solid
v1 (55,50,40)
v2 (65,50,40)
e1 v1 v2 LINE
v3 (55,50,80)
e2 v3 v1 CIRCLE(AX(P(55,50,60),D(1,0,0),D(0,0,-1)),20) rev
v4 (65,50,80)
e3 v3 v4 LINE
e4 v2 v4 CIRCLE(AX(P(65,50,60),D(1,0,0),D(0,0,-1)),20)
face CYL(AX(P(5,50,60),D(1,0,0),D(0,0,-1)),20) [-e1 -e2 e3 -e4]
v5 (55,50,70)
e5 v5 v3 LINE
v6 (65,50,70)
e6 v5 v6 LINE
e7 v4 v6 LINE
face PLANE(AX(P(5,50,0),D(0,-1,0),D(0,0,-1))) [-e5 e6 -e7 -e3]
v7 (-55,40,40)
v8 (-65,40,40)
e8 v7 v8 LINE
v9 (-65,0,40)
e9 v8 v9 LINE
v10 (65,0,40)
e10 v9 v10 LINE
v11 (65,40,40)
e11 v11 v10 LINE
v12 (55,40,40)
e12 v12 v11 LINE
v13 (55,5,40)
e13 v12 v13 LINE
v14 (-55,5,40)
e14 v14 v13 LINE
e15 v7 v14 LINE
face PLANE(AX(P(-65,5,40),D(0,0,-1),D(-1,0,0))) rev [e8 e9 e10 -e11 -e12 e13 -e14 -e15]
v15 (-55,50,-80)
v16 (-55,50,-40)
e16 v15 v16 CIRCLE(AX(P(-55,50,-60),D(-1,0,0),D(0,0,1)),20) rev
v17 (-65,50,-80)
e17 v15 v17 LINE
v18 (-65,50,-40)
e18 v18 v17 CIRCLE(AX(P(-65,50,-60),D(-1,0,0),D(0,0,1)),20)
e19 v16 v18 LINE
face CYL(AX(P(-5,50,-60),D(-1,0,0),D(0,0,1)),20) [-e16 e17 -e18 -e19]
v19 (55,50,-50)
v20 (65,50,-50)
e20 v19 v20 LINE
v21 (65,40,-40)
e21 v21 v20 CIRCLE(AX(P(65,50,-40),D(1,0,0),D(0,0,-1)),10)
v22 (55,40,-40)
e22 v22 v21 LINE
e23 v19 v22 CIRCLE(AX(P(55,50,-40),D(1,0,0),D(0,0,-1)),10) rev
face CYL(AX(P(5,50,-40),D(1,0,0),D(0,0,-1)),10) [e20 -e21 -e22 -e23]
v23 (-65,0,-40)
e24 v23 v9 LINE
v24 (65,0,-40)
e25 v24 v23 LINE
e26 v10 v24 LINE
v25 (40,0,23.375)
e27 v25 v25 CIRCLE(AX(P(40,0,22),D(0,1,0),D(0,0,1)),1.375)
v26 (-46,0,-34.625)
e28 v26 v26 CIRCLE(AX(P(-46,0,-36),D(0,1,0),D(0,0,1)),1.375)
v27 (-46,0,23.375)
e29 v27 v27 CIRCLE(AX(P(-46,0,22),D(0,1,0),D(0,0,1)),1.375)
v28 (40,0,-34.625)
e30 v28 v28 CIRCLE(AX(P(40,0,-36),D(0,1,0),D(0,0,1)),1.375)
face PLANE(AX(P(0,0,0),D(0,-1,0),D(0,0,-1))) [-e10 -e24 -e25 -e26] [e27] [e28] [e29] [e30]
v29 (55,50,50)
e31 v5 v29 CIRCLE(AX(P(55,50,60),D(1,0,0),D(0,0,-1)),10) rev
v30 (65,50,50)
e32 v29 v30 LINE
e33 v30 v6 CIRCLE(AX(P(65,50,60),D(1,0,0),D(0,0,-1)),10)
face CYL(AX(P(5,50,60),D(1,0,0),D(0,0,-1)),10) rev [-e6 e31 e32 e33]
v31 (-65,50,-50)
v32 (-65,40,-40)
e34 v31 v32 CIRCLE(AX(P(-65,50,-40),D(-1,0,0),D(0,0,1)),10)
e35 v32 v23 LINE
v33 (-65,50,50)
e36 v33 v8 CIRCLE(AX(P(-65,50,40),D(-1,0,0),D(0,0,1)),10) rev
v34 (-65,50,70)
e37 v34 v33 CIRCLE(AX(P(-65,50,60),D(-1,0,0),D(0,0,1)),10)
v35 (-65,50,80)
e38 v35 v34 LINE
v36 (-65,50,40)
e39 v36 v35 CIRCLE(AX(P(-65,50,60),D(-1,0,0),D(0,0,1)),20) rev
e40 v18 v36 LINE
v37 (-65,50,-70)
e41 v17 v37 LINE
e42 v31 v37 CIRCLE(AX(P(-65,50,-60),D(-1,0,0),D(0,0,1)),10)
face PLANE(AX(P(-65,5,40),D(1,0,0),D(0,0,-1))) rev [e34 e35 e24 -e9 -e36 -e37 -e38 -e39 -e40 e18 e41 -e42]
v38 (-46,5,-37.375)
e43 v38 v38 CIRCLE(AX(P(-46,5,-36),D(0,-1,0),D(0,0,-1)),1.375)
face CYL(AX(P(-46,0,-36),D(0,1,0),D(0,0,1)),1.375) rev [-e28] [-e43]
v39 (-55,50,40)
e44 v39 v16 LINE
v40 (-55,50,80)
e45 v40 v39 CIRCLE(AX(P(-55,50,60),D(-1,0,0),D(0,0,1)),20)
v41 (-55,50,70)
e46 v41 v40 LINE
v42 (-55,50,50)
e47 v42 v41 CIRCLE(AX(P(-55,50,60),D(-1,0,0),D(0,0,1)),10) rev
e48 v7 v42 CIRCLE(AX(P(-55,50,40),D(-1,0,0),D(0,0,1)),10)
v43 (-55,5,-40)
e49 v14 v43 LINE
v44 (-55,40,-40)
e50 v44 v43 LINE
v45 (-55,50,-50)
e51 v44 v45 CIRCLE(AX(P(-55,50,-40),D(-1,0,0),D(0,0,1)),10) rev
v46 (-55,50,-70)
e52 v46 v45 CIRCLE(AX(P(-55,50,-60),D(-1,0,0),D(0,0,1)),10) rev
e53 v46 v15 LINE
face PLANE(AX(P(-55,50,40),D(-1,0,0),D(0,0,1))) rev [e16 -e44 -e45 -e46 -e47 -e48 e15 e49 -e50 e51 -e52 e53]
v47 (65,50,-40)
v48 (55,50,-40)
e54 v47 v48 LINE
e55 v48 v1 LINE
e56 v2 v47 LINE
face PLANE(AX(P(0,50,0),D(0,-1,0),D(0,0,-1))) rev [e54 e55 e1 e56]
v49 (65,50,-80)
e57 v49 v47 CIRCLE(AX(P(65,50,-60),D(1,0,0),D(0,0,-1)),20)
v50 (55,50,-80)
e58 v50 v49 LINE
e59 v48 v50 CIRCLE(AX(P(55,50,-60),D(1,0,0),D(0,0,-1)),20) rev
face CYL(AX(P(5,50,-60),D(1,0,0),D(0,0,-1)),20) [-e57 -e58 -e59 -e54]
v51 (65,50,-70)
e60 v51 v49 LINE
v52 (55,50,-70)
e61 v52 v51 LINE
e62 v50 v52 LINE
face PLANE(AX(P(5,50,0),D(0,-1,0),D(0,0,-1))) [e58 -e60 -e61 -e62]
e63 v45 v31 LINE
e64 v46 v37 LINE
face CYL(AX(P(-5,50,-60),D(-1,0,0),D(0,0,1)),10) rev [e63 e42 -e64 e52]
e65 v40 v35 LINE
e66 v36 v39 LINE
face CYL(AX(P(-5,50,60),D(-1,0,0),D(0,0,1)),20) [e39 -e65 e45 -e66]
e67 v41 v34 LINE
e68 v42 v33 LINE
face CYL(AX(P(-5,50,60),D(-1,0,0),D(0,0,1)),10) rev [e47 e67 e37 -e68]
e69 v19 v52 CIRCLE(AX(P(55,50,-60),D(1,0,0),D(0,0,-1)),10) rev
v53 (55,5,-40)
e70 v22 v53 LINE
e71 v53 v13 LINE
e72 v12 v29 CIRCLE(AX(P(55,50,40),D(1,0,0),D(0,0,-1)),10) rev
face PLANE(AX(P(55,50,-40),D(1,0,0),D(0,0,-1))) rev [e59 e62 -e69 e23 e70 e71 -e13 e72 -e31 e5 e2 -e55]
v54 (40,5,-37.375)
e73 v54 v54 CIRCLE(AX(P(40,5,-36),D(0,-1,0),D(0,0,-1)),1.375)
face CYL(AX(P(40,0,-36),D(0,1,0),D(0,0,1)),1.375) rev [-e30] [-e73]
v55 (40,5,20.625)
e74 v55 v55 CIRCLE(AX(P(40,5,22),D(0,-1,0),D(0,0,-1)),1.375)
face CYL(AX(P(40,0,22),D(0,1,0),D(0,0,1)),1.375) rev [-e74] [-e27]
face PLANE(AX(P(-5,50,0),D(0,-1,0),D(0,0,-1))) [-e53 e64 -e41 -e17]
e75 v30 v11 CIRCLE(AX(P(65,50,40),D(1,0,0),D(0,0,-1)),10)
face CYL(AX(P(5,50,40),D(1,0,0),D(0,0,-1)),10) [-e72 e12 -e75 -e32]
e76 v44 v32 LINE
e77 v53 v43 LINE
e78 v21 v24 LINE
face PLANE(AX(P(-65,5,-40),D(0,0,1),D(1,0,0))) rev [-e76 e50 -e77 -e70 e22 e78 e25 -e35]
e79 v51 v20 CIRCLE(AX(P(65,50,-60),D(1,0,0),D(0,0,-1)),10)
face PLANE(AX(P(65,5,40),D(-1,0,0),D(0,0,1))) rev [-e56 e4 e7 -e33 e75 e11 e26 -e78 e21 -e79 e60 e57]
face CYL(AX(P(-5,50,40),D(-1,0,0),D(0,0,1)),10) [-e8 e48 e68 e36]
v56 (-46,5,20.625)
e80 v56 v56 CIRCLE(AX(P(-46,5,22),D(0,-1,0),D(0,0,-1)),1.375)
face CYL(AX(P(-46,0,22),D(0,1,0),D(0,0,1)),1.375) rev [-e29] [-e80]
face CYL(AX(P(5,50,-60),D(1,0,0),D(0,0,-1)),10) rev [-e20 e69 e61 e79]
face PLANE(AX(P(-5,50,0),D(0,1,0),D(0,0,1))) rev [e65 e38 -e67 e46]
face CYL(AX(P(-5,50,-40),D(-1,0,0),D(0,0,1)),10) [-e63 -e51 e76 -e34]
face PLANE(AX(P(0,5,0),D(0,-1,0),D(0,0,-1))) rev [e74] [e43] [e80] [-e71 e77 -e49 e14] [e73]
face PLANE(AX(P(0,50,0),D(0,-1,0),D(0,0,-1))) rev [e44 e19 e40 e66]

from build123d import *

# Parameters (mm, degrees)
SKETCH1_W               = 130
SKETCH1_H               = 80
BOSS_EXTRUDE1_DEPTH     = 5
SKETCH2_W               = 10
SKETCH2_H               = 80
BOSS_EXTRUDE2_DEPTH     = 45
SKETCH3_R               = 1.375
CUT_EXTRUDE1_DEPTH      = 46
CUT_EXTRUDE1_DEPTH_BACK = 6
BOSS_EXTRUDE3_DEPTH     = 10
BOSS_EXTRUDE4_DEPTH     = 10


with BuildPart() as part:
    # Sketch1 → Boss-Extrude1 (new body)
    with BuildSketch(Plane(origin=(0, 0, 0), x_dir=(1, 0, 0), z_dir=(0, 1, 0))):
        Rectangle(SKETCH1_W, SKETCH1_H)
    extrude(amount=BOSS_EXTRUDE1_DEPTH)

    # Sketch2 → Boss-Extrude2 (add)
    with BuildSketch(Plane(origin=(0, 5, 0), x_dir=(1, 0, 0), z_dir=(0, 1, 0))):
        with Locations((60, 0)):
            Rectangle(SKETCH2_W, SKETCH2_H)
        with Locations((-60, 0)):
            Rectangle(SKETCH2_W, SKETCH2_H)
    extrude(amount=BOSS_EXTRUDE2_DEPTH)

    # Sketch3 → Cut-Extrude1 (cut, two sides)
    with BuildSketch(Plane(origin=(0, 5, 0), x_dir=(1, 0, 0), z_dir=(0, 1, 0))) as cut_extrude1_sk:
        with Locations((-46, -22)):
            Circle(SKETCH3_R)
        with Locations((40, -22)):
            Circle(SKETCH3_R)
        with Locations((40, 36)):
            Circle(SKETCH3_R)
        with Locations((-46, 36)):
            Circle(SKETCH3_R)
    extrude(amount=CUT_EXTRUDE1_DEPTH, mode=Mode.SUBTRACT)
    extrude(cut_extrude1_sk.sketch, amount=-CUT_EXTRUDE1_DEPTH_BACK, mode=Mode.SUBTRACT)

    # Sketch4 → Boss-Extrude3 (add)
    with BuildSketch(Plane.ZY.offset(65)):
        with BuildLine():
            Line((-80, 50), (-70, 50))
            ThreePointArc((-70, 50), (-60, 60), (-50, 50))
            Line((-50, 50), (-40, 50))
            ThreePointArc((-40, 50), (-60, 70), (-80, 50))
        make_face()
        with BuildLine():
            Line((-40, 50), (-50, 50))
            ThreePointArc((-50, 50), (-47.071067812, 42.928932188), (-40, 40))
            Line((-40, 40), (-40, 50))
        make_face()
        with BuildLine():
            ThreePointArc((50, 50), (60, 60), (70, 50))
            Line((70, 50), (80, 50))
            ThreePointArc((80, 50), (60, 70), (40, 50))
            Line((40, 50), (50, 50))
        make_face()
        with BuildLine():
            ThreePointArc((40, 40), (47.071067812, 42.928932188), (50, 50))
            Line((50, 50), (40, 50))
            Line((40, 50), (40, 40))
        make_face()
    extrude(amount=-BOSS_EXTRUDE3_DEPTH)

    # Sketch5 → Boss-Extrude4 (add)
    with BuildSketch(Plane(origin=(65, 0, 0), x_dir=(0, 0, -1), z_dir=(1, 0, 0))):
        with BuildLine():
            ThreePointArc((-50, 50), (-47.071067812, 42.928932188), (-40, 40))
            Line((-40, 40), (-40, 50))
            ThreePointArc((-40, 50), (-60, 70), (-80, 50))
            Line((-80, 50), (-70, 50))
            ThreePointArc((-70, 50), (-60, 60), (-50, 50))
        make_face()
        with BuildLine():
            Line((40, 50), (40, 40))
            ThreePointArc((40, 40), (47.071067812, 42.928932188), (50, 50))
            ThreePointArc((50, 50), (60, 60), (70, 50))
            Line((70, 50), (80, 50))
            ThreePointArc((80, 50), (60, 70), (40, 50))
        make_face()
    extrude(amount=-BOSS_EXTRUDE4_DEPTH)


solid = part.part
